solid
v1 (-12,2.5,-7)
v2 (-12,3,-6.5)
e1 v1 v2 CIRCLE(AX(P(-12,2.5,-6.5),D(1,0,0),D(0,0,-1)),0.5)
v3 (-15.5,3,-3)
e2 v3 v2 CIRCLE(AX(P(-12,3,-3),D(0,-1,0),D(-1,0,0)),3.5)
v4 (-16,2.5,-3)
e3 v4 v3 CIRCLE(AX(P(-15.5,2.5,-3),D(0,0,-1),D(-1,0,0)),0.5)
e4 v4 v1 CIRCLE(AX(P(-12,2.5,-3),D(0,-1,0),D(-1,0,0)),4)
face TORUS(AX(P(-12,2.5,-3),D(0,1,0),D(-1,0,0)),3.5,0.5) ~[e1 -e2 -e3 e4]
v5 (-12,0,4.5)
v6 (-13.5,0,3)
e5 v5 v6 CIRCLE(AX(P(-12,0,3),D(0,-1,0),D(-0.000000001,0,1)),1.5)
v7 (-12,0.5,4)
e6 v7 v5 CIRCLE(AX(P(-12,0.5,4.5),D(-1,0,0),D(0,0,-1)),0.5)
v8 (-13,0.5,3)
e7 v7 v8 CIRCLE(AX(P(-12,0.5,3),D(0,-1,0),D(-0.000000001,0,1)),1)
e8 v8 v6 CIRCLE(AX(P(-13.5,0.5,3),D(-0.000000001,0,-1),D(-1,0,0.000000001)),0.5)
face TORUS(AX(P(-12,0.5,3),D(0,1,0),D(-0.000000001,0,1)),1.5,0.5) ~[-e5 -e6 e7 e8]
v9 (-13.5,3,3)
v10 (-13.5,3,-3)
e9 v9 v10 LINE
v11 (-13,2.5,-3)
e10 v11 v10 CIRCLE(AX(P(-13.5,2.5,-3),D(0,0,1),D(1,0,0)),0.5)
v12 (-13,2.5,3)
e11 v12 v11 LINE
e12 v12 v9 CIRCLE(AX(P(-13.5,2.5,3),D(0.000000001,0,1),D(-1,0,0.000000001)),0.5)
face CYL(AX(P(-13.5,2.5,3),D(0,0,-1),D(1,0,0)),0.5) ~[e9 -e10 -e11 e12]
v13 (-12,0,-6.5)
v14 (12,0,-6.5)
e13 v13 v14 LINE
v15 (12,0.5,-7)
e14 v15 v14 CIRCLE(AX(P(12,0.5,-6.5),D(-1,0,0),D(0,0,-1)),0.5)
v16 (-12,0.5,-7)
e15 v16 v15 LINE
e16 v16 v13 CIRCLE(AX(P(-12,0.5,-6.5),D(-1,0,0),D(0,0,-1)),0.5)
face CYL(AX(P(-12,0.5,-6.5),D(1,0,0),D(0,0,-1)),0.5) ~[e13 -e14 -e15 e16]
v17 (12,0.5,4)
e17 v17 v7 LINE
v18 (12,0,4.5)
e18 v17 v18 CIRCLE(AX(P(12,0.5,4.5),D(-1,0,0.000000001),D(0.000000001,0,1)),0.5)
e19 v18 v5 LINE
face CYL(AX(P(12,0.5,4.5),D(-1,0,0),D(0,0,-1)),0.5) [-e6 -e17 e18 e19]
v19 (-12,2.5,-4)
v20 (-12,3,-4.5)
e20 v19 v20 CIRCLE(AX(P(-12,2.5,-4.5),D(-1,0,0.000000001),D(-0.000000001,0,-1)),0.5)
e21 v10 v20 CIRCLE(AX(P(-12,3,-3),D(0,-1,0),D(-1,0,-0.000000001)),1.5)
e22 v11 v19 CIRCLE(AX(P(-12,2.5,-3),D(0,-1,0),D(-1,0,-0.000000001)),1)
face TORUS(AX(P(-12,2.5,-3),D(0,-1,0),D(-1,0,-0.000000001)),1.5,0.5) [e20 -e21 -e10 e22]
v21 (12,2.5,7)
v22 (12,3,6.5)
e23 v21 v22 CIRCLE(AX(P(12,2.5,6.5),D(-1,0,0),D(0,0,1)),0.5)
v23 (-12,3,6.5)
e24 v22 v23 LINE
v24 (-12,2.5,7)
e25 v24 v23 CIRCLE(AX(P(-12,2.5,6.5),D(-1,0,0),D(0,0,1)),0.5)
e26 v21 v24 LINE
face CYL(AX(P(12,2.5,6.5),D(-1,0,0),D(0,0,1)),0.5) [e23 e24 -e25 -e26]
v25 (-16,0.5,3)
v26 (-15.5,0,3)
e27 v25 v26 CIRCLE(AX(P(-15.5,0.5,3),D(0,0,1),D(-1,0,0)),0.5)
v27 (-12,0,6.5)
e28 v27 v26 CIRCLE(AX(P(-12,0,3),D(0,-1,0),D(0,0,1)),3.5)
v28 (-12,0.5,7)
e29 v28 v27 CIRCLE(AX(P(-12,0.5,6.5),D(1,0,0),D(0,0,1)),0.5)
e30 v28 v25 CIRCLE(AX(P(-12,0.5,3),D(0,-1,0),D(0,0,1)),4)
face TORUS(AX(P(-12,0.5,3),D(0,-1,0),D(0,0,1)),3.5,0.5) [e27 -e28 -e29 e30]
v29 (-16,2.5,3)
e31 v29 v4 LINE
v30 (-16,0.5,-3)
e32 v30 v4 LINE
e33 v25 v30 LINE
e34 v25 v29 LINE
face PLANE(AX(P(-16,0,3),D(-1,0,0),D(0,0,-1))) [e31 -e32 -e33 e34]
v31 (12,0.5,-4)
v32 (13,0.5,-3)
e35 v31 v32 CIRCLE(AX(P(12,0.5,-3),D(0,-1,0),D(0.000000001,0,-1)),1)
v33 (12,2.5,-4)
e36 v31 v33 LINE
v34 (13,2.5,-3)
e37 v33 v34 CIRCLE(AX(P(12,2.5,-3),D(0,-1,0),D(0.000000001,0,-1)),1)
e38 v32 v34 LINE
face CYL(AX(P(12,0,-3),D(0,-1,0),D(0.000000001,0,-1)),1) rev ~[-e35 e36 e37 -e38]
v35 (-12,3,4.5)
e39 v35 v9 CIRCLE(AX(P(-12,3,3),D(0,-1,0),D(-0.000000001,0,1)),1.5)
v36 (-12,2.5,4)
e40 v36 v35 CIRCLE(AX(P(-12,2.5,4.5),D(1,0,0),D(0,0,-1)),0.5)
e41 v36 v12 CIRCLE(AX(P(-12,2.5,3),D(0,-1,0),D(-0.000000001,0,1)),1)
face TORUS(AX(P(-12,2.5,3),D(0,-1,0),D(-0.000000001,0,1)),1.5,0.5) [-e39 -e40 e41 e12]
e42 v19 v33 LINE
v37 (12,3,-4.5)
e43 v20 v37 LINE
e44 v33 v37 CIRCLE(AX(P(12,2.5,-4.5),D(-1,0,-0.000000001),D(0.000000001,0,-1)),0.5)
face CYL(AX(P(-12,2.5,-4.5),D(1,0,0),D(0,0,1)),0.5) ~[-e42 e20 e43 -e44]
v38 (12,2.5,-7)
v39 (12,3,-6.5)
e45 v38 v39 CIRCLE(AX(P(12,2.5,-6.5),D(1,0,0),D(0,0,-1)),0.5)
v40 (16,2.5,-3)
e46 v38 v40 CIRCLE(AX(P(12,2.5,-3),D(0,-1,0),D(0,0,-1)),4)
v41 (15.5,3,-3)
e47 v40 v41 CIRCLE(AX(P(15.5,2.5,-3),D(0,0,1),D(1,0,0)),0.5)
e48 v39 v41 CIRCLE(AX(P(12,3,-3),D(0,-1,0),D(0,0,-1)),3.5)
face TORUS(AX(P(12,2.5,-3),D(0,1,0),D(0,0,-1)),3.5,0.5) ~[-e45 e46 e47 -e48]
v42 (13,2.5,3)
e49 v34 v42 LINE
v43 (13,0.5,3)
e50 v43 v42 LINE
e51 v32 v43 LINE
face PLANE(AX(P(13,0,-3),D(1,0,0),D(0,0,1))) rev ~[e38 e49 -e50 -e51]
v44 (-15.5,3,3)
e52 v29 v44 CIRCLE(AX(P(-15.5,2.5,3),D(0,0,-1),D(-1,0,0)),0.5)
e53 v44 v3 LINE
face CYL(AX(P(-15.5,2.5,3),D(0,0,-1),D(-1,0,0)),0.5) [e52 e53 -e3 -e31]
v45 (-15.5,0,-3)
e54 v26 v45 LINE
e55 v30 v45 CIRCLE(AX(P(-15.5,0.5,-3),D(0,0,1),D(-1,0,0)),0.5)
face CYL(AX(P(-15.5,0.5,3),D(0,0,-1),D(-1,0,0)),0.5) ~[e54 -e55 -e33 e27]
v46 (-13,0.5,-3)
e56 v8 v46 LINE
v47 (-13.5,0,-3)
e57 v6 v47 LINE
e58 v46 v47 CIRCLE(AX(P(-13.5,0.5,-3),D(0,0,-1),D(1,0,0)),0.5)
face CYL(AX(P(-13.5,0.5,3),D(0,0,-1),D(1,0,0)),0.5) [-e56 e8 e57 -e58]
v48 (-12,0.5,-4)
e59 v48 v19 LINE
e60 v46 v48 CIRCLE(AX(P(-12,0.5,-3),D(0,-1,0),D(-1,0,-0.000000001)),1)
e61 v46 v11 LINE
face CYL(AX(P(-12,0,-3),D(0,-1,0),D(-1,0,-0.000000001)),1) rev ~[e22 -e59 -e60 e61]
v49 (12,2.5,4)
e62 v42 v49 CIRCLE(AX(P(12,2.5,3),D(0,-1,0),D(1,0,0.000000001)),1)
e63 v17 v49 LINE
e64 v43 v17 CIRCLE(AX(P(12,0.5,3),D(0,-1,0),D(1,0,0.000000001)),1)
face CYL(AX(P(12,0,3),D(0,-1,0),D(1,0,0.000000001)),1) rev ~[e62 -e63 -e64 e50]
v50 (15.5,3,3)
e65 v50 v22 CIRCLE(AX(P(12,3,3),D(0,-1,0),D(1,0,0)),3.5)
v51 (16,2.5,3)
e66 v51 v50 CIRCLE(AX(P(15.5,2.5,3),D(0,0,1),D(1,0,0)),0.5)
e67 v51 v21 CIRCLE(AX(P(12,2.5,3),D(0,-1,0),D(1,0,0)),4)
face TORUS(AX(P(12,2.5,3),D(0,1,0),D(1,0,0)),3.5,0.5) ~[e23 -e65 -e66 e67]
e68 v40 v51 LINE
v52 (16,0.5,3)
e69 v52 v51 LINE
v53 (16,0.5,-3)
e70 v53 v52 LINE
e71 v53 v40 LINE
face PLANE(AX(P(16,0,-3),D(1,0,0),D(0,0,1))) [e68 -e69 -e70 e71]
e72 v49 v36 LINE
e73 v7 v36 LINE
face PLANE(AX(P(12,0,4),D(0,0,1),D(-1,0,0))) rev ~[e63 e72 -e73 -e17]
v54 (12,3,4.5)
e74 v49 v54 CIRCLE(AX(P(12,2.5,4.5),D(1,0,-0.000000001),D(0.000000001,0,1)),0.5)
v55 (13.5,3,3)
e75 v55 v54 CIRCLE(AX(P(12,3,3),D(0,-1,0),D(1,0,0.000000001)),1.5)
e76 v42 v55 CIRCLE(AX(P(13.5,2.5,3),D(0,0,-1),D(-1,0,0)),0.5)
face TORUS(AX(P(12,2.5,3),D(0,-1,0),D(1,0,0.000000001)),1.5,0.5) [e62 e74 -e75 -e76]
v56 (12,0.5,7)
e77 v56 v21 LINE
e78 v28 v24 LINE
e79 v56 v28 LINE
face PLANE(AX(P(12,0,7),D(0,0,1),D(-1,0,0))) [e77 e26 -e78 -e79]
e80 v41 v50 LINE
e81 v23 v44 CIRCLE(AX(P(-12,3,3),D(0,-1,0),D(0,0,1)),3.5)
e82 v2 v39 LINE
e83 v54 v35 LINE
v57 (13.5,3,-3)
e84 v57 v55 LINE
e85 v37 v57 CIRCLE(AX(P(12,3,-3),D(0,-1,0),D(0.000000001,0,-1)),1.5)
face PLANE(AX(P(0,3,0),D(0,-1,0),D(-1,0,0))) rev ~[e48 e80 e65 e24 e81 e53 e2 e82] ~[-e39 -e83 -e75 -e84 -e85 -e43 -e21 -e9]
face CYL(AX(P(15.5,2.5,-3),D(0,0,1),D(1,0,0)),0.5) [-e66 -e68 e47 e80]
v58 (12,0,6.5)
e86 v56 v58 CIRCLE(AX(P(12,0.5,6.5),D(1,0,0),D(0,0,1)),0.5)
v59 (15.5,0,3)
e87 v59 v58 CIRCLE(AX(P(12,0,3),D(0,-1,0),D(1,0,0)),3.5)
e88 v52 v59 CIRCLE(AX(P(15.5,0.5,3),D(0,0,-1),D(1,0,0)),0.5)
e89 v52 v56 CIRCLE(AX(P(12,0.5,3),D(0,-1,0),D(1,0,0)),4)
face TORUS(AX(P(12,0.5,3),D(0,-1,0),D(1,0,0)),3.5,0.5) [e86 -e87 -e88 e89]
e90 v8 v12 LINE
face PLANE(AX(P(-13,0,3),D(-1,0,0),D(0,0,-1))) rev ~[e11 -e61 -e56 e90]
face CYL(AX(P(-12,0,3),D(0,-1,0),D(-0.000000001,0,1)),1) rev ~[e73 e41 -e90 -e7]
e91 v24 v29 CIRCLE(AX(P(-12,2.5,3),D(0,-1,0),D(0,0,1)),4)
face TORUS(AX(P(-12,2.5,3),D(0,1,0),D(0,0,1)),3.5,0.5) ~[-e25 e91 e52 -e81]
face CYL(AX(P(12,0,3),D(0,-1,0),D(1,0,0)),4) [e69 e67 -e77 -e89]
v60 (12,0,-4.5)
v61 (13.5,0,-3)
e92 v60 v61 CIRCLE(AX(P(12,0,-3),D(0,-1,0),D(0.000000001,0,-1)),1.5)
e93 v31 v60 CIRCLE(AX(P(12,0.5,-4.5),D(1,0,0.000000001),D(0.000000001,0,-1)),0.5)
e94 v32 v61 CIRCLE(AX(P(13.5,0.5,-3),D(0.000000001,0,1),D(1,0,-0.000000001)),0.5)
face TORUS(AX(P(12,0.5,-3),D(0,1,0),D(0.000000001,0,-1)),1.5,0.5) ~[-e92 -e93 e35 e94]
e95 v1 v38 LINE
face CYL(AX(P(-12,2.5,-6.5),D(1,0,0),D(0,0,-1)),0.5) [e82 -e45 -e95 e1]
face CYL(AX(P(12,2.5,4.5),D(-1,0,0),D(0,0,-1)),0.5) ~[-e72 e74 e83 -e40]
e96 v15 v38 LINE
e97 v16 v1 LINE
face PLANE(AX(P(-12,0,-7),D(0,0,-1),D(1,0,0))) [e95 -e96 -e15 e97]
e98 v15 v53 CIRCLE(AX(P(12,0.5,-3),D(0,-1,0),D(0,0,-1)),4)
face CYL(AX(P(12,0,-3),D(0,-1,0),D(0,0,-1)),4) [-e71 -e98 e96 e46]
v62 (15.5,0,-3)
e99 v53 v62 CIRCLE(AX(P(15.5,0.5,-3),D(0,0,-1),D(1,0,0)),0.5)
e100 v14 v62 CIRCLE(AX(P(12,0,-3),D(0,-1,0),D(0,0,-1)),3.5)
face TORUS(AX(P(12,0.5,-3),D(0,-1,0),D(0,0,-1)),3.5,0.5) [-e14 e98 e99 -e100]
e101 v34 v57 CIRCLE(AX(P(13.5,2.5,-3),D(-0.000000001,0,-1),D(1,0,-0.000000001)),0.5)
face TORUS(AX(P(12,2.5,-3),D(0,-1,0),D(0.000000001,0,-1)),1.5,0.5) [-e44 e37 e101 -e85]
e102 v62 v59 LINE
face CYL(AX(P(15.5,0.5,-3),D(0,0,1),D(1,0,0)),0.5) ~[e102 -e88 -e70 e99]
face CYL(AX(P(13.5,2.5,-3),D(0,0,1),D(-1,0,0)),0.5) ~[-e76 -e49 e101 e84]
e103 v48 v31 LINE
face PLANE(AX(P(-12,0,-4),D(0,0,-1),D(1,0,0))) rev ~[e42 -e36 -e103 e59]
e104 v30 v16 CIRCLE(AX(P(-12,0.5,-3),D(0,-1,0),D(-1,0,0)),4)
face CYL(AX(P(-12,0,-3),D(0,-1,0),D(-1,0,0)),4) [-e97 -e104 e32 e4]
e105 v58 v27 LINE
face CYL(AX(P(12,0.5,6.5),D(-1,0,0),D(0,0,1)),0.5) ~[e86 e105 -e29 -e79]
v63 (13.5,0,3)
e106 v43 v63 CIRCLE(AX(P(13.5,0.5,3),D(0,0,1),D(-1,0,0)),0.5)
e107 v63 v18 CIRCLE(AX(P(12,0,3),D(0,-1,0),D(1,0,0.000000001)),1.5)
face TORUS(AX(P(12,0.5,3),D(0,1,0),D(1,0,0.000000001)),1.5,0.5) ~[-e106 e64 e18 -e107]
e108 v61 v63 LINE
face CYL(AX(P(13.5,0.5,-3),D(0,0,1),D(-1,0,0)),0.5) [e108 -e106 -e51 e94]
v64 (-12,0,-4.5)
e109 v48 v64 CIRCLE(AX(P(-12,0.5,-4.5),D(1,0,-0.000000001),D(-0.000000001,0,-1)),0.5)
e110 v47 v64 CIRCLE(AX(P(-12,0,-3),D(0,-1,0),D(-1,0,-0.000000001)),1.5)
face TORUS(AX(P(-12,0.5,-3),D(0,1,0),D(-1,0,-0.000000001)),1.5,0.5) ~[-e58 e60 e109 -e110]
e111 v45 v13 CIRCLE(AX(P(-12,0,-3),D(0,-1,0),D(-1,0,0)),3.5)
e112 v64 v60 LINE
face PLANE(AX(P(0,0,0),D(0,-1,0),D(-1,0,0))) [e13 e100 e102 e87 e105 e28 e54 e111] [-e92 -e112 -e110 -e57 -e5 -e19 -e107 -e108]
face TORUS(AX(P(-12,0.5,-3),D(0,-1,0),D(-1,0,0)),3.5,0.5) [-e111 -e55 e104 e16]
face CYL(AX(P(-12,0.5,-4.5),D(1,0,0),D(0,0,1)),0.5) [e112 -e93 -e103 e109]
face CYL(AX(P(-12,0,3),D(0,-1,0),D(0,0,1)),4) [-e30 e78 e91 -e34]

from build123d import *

# Parameters (mm, degrees)
BOSS_EXTRUDE1_DEPTH = 3
FILLET1_R           = 0.5


with BuildPart() as part:
    # Sketch1 → Boss-Extrude1 (new body)
    with BuildSketch(Plane(origin=(0, 0, 0), x_dir=(1, 0, 0), z_dir=(0, 1, 0))):
        with BuildLine():
            Line((-12, 7), (12, 7))
            ThreePointArc((12, 7), (14.828427125, 5.828427125), (16, 3))
            Line((16, 3), (16, -3))
            ThreePointArc((16, -3), (14.828427125, -5.828427125), (12, -7))
            Line((12, -7), (-12, -7))
            ThreePointArc((-12, -7), (-14.828427125, -5.828427125), (-16, -3))
            Line((-16, -3), (-16, 3))
            ThreePointArc((-16, 3), (-14.828427125, 5.828427125), (-12, 7))
        make_face()
        with BuildLine():
            Line((-12, 4), (12, 4))
            ThreePointArc((12, 4), (12.707106781, 3.707106781), (13, 3))
            Line((13, 3), (13, -3))
            ThreePointArc((13, -3), (12.707106781, -3.707106781), (12, -4))
            Line((12, -4), (-12, -4))
            ThreePointArc((-12, -4), (-12.707106781, -3.707106781), (-13, -3))
            Line((-13, -3), (-13, 3))
            ThreePointArc((-13, 3), (-12.707106781, 3.707106781), (-12, 4))
        make_face(mode=Mode.SUBTRACT)
    extrude(amount=BOSS_EXTRUDE1_DEPTH)

    # Fillet1
    fillet1_edges = [part.edges().sort_by_distance(p)[0] for p in [
        (-14.828427125, 3, 5.828427125),
        (-16, 0, 0),
        (-14.828427125, 0, -5.828427125),
        (0, 3, 7),
        (14.828427125, 3, 5.828427125),
        (16, 3, 0),
        (14.828427125, 3, -5.828427125),
        (0, 3, -7),
        (12.707106781, 0, -3.707106781),
        (0, 0, -4),
        (-12.707106781, 0, -3.707106781),
        (-13, 0, 0),
        (-12.707106781, 0, 3.707106781),
        (0, 0, 4),
        (12.707106781, 0, 3.707106781),
        (13, 0, 0),
        (12.707106781, 3, -3.707106781),
        (0, 3, -4),
        (-12.707106781, 3, -3.707106781),
        (-13, 3, 0),
        (-12.707106781, 3, 3.707106781),
        (0, 3, 4),
        (12.707106781, 3, 3.707106781),
        (13, 3, 0),
        (-14.828427125, 3, -5.828427125),
        (-16, 3, 0),
        (0, 0, -7),
        (14.828427125, 0, -5.828427125),
        (16, 0, 0),
        (14.828427125, 0, 5.828427125),
        (0, 0, 7),
        (-14.828427125, 0, 5.828427125),
    ]]
    fillet(fillet1_edges, radius=FILLET1_R)


solid = part.part
